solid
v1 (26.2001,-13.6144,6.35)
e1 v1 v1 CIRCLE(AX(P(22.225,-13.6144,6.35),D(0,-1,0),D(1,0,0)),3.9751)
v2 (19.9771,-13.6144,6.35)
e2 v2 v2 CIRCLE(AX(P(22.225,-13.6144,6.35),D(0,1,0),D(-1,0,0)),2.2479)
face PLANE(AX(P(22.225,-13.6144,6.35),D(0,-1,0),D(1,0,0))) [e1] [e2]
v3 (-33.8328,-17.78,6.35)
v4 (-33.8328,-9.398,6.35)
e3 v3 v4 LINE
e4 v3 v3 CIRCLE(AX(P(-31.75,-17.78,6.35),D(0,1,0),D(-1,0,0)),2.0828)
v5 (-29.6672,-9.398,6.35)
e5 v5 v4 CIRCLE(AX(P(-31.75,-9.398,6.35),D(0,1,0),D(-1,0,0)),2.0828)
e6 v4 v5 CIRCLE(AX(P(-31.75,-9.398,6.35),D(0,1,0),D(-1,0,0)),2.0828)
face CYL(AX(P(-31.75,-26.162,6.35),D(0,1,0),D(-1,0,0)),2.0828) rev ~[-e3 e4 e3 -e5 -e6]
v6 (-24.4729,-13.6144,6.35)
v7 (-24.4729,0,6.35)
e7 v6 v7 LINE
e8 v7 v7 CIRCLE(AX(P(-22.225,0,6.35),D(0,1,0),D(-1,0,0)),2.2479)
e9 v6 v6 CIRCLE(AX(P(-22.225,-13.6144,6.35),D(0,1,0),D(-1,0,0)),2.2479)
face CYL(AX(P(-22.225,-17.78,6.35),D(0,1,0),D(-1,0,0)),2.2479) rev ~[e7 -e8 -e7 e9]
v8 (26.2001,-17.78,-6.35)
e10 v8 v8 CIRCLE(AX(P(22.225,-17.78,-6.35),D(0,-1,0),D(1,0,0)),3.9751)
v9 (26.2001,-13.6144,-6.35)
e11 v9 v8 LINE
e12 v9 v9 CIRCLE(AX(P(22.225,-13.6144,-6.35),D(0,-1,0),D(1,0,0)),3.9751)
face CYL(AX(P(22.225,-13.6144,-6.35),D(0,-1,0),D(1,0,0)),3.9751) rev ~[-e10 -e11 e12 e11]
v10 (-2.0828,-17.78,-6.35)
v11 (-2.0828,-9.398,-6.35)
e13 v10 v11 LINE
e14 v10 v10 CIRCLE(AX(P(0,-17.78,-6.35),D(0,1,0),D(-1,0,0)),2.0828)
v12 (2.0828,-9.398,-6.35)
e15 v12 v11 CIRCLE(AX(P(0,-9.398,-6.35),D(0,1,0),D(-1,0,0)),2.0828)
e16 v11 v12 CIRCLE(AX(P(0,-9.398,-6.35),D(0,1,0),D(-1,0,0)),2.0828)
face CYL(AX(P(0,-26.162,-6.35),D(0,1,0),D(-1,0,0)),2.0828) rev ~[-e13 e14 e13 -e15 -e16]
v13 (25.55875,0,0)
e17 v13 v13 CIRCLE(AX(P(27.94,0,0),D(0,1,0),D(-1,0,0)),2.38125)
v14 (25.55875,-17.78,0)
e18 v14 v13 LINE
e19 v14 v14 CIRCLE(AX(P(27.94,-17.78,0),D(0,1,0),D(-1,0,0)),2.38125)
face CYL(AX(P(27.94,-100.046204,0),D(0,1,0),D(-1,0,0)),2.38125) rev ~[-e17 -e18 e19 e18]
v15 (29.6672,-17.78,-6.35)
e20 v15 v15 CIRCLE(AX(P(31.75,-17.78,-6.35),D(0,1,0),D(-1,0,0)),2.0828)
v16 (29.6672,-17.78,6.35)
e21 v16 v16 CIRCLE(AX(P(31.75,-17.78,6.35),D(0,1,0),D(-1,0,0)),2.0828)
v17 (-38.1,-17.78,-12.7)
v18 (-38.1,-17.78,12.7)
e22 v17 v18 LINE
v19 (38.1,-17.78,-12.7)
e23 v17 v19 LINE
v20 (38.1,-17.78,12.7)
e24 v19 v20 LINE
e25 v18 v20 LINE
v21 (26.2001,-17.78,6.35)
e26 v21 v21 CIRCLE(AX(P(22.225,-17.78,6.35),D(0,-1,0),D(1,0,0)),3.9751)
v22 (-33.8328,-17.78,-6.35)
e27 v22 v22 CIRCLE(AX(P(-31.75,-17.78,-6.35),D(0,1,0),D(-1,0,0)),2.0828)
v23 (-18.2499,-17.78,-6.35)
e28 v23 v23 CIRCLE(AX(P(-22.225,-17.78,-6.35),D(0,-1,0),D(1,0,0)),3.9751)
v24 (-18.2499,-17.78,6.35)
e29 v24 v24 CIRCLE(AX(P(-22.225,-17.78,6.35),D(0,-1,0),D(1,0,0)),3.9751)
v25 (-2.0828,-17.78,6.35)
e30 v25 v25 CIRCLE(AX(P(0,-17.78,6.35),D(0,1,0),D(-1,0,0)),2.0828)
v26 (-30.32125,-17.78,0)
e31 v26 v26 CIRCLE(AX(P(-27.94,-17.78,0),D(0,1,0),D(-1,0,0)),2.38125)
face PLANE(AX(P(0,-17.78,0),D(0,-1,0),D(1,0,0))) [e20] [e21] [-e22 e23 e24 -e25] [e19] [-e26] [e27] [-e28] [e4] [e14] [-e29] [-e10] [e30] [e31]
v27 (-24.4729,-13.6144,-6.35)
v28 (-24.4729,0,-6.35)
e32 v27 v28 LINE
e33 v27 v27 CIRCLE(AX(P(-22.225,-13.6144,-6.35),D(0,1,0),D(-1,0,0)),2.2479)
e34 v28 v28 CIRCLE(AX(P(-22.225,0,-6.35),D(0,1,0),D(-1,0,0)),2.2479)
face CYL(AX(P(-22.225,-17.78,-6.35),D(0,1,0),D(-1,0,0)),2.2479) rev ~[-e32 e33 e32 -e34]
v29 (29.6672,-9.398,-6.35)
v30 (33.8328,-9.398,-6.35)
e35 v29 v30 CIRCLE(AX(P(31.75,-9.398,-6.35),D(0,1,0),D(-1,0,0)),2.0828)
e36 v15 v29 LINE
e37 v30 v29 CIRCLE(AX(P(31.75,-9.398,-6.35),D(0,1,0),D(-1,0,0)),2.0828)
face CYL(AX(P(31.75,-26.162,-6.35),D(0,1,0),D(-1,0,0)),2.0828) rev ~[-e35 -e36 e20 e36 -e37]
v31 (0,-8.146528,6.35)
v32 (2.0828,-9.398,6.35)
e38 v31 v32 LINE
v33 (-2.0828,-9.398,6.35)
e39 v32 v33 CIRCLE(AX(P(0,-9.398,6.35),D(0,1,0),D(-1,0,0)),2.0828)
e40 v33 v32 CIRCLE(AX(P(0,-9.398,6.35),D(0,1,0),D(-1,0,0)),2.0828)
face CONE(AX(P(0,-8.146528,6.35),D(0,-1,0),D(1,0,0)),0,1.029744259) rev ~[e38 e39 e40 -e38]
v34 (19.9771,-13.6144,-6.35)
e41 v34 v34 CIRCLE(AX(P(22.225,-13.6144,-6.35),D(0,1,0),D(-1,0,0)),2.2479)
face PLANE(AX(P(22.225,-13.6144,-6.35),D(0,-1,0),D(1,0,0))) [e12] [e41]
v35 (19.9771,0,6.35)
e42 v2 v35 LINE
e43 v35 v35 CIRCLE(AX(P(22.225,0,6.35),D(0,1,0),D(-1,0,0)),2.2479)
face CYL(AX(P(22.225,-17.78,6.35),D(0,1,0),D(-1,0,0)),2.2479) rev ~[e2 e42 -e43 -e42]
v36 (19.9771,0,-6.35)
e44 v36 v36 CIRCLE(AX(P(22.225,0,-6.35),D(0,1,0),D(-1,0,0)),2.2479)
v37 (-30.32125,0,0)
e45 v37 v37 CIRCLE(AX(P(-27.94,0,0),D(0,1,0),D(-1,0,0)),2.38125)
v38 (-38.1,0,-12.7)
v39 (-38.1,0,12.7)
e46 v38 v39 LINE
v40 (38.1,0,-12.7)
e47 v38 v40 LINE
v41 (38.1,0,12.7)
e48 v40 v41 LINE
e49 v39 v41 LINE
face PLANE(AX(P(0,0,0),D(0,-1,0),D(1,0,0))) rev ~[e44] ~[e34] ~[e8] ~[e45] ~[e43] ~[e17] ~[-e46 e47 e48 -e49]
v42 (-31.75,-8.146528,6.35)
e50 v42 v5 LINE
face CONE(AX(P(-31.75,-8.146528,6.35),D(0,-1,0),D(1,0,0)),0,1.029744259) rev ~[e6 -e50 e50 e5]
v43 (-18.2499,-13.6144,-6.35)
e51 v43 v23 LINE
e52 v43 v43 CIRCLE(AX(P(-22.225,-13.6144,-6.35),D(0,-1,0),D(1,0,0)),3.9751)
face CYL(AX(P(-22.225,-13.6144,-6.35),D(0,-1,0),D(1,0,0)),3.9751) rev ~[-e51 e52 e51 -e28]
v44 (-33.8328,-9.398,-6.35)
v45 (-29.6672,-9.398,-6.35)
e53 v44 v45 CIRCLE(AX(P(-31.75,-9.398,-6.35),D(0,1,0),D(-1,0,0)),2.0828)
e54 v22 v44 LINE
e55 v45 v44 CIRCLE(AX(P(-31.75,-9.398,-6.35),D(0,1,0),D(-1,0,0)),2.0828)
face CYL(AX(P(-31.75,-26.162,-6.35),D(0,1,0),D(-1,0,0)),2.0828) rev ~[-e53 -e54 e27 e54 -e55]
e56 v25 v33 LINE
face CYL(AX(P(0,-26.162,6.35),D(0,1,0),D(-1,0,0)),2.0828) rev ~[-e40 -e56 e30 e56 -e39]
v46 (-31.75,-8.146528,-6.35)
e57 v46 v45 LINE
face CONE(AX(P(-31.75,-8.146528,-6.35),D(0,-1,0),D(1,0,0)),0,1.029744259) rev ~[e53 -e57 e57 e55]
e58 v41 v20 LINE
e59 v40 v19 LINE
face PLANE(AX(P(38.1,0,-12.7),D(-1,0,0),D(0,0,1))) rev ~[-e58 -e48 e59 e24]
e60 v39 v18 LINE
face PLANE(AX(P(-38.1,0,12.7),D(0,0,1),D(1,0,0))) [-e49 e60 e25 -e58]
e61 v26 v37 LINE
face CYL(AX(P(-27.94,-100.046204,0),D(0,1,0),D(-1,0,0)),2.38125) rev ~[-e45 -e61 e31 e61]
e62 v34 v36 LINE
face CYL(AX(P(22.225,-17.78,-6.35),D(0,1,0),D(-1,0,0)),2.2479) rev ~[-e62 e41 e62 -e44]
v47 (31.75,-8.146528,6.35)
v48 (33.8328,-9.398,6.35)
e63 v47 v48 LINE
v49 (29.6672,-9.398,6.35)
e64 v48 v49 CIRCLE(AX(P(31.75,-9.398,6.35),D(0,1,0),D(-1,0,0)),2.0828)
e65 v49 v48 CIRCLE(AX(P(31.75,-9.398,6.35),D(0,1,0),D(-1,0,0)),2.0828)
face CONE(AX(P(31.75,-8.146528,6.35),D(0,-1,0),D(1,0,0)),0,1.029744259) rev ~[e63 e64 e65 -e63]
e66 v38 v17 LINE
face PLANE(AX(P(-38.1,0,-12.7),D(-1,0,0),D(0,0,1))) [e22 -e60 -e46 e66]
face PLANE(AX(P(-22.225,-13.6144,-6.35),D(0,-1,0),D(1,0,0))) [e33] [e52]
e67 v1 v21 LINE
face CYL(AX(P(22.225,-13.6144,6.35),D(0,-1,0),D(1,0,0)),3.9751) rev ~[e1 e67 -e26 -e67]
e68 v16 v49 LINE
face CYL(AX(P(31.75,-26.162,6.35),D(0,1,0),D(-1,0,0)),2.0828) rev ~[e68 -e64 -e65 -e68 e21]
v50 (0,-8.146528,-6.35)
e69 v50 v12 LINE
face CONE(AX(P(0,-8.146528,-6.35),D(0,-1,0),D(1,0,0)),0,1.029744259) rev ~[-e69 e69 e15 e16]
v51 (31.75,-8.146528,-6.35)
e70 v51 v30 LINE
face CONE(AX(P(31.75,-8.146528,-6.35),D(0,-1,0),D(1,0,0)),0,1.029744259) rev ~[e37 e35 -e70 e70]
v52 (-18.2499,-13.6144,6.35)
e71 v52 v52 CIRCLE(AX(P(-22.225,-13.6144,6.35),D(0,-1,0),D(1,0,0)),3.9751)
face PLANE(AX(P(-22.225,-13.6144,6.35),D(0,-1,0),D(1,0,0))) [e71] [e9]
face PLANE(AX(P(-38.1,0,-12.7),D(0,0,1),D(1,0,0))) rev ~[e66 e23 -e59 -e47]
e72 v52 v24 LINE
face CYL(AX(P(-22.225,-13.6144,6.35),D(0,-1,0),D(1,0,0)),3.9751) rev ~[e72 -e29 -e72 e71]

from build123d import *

# Parameters (mm, degrees)
F0_W           = 76.2
F0_H           = 25.4
F1_DEPTH       = 17.78
F3_D           = 4.1656
F3_DEPTH       = 8.382
F3_TIP         = 1.2514724973
F5_D           = 4.4958
F5_CBORE_D     = 7.9502
F5_CBORE_DEPTH = 4.1656
F7_D           = 4.7625


with BuildPart() as f1:
    # F0 (on Front) → F1 (new body)
    with BuildSketch(Plane.XZ):
        Rectangle(F0_W, F0_H)
    extrude(amount=F1_DEPTH)

    # F3
    with Locations(Plane.XZ.offset(17.78)):
        with Locations((-31.75, 6.35), (0, 6.35), (31.75, 6.35), (31.75, -6.35), (0, -6.35), (-31.75, -6.35)):
            Hole(F3_D / 2, depth=F3_DEPTH)
            with Locations((0, 0, -(F3_DEPTH + F3_TIP / 2))):  # 118° drill point
                Cone(0, F3_D / 2, F3_TIP, mode=Mode.SUBTRACT)

    # F5 (through all)
    with Locations(Plane.XZ.offset(17.78)):
        with Locations((-22.225, 6.35), (22.225, 6.35), (22.225, -6.35), (-22.225, -6.35)):
            CounterBoreHole(F5_D / 2, F5_CBORE_D / 2, F5_CBORE_DEPTH)

    # F7 (through all)
    with Locations(Plane.XZ.offset(17.78)):
        with Locations((-27.94, 0), (27.94, 0)):
            Hole(F7_D / 2)


solid = f1.part
